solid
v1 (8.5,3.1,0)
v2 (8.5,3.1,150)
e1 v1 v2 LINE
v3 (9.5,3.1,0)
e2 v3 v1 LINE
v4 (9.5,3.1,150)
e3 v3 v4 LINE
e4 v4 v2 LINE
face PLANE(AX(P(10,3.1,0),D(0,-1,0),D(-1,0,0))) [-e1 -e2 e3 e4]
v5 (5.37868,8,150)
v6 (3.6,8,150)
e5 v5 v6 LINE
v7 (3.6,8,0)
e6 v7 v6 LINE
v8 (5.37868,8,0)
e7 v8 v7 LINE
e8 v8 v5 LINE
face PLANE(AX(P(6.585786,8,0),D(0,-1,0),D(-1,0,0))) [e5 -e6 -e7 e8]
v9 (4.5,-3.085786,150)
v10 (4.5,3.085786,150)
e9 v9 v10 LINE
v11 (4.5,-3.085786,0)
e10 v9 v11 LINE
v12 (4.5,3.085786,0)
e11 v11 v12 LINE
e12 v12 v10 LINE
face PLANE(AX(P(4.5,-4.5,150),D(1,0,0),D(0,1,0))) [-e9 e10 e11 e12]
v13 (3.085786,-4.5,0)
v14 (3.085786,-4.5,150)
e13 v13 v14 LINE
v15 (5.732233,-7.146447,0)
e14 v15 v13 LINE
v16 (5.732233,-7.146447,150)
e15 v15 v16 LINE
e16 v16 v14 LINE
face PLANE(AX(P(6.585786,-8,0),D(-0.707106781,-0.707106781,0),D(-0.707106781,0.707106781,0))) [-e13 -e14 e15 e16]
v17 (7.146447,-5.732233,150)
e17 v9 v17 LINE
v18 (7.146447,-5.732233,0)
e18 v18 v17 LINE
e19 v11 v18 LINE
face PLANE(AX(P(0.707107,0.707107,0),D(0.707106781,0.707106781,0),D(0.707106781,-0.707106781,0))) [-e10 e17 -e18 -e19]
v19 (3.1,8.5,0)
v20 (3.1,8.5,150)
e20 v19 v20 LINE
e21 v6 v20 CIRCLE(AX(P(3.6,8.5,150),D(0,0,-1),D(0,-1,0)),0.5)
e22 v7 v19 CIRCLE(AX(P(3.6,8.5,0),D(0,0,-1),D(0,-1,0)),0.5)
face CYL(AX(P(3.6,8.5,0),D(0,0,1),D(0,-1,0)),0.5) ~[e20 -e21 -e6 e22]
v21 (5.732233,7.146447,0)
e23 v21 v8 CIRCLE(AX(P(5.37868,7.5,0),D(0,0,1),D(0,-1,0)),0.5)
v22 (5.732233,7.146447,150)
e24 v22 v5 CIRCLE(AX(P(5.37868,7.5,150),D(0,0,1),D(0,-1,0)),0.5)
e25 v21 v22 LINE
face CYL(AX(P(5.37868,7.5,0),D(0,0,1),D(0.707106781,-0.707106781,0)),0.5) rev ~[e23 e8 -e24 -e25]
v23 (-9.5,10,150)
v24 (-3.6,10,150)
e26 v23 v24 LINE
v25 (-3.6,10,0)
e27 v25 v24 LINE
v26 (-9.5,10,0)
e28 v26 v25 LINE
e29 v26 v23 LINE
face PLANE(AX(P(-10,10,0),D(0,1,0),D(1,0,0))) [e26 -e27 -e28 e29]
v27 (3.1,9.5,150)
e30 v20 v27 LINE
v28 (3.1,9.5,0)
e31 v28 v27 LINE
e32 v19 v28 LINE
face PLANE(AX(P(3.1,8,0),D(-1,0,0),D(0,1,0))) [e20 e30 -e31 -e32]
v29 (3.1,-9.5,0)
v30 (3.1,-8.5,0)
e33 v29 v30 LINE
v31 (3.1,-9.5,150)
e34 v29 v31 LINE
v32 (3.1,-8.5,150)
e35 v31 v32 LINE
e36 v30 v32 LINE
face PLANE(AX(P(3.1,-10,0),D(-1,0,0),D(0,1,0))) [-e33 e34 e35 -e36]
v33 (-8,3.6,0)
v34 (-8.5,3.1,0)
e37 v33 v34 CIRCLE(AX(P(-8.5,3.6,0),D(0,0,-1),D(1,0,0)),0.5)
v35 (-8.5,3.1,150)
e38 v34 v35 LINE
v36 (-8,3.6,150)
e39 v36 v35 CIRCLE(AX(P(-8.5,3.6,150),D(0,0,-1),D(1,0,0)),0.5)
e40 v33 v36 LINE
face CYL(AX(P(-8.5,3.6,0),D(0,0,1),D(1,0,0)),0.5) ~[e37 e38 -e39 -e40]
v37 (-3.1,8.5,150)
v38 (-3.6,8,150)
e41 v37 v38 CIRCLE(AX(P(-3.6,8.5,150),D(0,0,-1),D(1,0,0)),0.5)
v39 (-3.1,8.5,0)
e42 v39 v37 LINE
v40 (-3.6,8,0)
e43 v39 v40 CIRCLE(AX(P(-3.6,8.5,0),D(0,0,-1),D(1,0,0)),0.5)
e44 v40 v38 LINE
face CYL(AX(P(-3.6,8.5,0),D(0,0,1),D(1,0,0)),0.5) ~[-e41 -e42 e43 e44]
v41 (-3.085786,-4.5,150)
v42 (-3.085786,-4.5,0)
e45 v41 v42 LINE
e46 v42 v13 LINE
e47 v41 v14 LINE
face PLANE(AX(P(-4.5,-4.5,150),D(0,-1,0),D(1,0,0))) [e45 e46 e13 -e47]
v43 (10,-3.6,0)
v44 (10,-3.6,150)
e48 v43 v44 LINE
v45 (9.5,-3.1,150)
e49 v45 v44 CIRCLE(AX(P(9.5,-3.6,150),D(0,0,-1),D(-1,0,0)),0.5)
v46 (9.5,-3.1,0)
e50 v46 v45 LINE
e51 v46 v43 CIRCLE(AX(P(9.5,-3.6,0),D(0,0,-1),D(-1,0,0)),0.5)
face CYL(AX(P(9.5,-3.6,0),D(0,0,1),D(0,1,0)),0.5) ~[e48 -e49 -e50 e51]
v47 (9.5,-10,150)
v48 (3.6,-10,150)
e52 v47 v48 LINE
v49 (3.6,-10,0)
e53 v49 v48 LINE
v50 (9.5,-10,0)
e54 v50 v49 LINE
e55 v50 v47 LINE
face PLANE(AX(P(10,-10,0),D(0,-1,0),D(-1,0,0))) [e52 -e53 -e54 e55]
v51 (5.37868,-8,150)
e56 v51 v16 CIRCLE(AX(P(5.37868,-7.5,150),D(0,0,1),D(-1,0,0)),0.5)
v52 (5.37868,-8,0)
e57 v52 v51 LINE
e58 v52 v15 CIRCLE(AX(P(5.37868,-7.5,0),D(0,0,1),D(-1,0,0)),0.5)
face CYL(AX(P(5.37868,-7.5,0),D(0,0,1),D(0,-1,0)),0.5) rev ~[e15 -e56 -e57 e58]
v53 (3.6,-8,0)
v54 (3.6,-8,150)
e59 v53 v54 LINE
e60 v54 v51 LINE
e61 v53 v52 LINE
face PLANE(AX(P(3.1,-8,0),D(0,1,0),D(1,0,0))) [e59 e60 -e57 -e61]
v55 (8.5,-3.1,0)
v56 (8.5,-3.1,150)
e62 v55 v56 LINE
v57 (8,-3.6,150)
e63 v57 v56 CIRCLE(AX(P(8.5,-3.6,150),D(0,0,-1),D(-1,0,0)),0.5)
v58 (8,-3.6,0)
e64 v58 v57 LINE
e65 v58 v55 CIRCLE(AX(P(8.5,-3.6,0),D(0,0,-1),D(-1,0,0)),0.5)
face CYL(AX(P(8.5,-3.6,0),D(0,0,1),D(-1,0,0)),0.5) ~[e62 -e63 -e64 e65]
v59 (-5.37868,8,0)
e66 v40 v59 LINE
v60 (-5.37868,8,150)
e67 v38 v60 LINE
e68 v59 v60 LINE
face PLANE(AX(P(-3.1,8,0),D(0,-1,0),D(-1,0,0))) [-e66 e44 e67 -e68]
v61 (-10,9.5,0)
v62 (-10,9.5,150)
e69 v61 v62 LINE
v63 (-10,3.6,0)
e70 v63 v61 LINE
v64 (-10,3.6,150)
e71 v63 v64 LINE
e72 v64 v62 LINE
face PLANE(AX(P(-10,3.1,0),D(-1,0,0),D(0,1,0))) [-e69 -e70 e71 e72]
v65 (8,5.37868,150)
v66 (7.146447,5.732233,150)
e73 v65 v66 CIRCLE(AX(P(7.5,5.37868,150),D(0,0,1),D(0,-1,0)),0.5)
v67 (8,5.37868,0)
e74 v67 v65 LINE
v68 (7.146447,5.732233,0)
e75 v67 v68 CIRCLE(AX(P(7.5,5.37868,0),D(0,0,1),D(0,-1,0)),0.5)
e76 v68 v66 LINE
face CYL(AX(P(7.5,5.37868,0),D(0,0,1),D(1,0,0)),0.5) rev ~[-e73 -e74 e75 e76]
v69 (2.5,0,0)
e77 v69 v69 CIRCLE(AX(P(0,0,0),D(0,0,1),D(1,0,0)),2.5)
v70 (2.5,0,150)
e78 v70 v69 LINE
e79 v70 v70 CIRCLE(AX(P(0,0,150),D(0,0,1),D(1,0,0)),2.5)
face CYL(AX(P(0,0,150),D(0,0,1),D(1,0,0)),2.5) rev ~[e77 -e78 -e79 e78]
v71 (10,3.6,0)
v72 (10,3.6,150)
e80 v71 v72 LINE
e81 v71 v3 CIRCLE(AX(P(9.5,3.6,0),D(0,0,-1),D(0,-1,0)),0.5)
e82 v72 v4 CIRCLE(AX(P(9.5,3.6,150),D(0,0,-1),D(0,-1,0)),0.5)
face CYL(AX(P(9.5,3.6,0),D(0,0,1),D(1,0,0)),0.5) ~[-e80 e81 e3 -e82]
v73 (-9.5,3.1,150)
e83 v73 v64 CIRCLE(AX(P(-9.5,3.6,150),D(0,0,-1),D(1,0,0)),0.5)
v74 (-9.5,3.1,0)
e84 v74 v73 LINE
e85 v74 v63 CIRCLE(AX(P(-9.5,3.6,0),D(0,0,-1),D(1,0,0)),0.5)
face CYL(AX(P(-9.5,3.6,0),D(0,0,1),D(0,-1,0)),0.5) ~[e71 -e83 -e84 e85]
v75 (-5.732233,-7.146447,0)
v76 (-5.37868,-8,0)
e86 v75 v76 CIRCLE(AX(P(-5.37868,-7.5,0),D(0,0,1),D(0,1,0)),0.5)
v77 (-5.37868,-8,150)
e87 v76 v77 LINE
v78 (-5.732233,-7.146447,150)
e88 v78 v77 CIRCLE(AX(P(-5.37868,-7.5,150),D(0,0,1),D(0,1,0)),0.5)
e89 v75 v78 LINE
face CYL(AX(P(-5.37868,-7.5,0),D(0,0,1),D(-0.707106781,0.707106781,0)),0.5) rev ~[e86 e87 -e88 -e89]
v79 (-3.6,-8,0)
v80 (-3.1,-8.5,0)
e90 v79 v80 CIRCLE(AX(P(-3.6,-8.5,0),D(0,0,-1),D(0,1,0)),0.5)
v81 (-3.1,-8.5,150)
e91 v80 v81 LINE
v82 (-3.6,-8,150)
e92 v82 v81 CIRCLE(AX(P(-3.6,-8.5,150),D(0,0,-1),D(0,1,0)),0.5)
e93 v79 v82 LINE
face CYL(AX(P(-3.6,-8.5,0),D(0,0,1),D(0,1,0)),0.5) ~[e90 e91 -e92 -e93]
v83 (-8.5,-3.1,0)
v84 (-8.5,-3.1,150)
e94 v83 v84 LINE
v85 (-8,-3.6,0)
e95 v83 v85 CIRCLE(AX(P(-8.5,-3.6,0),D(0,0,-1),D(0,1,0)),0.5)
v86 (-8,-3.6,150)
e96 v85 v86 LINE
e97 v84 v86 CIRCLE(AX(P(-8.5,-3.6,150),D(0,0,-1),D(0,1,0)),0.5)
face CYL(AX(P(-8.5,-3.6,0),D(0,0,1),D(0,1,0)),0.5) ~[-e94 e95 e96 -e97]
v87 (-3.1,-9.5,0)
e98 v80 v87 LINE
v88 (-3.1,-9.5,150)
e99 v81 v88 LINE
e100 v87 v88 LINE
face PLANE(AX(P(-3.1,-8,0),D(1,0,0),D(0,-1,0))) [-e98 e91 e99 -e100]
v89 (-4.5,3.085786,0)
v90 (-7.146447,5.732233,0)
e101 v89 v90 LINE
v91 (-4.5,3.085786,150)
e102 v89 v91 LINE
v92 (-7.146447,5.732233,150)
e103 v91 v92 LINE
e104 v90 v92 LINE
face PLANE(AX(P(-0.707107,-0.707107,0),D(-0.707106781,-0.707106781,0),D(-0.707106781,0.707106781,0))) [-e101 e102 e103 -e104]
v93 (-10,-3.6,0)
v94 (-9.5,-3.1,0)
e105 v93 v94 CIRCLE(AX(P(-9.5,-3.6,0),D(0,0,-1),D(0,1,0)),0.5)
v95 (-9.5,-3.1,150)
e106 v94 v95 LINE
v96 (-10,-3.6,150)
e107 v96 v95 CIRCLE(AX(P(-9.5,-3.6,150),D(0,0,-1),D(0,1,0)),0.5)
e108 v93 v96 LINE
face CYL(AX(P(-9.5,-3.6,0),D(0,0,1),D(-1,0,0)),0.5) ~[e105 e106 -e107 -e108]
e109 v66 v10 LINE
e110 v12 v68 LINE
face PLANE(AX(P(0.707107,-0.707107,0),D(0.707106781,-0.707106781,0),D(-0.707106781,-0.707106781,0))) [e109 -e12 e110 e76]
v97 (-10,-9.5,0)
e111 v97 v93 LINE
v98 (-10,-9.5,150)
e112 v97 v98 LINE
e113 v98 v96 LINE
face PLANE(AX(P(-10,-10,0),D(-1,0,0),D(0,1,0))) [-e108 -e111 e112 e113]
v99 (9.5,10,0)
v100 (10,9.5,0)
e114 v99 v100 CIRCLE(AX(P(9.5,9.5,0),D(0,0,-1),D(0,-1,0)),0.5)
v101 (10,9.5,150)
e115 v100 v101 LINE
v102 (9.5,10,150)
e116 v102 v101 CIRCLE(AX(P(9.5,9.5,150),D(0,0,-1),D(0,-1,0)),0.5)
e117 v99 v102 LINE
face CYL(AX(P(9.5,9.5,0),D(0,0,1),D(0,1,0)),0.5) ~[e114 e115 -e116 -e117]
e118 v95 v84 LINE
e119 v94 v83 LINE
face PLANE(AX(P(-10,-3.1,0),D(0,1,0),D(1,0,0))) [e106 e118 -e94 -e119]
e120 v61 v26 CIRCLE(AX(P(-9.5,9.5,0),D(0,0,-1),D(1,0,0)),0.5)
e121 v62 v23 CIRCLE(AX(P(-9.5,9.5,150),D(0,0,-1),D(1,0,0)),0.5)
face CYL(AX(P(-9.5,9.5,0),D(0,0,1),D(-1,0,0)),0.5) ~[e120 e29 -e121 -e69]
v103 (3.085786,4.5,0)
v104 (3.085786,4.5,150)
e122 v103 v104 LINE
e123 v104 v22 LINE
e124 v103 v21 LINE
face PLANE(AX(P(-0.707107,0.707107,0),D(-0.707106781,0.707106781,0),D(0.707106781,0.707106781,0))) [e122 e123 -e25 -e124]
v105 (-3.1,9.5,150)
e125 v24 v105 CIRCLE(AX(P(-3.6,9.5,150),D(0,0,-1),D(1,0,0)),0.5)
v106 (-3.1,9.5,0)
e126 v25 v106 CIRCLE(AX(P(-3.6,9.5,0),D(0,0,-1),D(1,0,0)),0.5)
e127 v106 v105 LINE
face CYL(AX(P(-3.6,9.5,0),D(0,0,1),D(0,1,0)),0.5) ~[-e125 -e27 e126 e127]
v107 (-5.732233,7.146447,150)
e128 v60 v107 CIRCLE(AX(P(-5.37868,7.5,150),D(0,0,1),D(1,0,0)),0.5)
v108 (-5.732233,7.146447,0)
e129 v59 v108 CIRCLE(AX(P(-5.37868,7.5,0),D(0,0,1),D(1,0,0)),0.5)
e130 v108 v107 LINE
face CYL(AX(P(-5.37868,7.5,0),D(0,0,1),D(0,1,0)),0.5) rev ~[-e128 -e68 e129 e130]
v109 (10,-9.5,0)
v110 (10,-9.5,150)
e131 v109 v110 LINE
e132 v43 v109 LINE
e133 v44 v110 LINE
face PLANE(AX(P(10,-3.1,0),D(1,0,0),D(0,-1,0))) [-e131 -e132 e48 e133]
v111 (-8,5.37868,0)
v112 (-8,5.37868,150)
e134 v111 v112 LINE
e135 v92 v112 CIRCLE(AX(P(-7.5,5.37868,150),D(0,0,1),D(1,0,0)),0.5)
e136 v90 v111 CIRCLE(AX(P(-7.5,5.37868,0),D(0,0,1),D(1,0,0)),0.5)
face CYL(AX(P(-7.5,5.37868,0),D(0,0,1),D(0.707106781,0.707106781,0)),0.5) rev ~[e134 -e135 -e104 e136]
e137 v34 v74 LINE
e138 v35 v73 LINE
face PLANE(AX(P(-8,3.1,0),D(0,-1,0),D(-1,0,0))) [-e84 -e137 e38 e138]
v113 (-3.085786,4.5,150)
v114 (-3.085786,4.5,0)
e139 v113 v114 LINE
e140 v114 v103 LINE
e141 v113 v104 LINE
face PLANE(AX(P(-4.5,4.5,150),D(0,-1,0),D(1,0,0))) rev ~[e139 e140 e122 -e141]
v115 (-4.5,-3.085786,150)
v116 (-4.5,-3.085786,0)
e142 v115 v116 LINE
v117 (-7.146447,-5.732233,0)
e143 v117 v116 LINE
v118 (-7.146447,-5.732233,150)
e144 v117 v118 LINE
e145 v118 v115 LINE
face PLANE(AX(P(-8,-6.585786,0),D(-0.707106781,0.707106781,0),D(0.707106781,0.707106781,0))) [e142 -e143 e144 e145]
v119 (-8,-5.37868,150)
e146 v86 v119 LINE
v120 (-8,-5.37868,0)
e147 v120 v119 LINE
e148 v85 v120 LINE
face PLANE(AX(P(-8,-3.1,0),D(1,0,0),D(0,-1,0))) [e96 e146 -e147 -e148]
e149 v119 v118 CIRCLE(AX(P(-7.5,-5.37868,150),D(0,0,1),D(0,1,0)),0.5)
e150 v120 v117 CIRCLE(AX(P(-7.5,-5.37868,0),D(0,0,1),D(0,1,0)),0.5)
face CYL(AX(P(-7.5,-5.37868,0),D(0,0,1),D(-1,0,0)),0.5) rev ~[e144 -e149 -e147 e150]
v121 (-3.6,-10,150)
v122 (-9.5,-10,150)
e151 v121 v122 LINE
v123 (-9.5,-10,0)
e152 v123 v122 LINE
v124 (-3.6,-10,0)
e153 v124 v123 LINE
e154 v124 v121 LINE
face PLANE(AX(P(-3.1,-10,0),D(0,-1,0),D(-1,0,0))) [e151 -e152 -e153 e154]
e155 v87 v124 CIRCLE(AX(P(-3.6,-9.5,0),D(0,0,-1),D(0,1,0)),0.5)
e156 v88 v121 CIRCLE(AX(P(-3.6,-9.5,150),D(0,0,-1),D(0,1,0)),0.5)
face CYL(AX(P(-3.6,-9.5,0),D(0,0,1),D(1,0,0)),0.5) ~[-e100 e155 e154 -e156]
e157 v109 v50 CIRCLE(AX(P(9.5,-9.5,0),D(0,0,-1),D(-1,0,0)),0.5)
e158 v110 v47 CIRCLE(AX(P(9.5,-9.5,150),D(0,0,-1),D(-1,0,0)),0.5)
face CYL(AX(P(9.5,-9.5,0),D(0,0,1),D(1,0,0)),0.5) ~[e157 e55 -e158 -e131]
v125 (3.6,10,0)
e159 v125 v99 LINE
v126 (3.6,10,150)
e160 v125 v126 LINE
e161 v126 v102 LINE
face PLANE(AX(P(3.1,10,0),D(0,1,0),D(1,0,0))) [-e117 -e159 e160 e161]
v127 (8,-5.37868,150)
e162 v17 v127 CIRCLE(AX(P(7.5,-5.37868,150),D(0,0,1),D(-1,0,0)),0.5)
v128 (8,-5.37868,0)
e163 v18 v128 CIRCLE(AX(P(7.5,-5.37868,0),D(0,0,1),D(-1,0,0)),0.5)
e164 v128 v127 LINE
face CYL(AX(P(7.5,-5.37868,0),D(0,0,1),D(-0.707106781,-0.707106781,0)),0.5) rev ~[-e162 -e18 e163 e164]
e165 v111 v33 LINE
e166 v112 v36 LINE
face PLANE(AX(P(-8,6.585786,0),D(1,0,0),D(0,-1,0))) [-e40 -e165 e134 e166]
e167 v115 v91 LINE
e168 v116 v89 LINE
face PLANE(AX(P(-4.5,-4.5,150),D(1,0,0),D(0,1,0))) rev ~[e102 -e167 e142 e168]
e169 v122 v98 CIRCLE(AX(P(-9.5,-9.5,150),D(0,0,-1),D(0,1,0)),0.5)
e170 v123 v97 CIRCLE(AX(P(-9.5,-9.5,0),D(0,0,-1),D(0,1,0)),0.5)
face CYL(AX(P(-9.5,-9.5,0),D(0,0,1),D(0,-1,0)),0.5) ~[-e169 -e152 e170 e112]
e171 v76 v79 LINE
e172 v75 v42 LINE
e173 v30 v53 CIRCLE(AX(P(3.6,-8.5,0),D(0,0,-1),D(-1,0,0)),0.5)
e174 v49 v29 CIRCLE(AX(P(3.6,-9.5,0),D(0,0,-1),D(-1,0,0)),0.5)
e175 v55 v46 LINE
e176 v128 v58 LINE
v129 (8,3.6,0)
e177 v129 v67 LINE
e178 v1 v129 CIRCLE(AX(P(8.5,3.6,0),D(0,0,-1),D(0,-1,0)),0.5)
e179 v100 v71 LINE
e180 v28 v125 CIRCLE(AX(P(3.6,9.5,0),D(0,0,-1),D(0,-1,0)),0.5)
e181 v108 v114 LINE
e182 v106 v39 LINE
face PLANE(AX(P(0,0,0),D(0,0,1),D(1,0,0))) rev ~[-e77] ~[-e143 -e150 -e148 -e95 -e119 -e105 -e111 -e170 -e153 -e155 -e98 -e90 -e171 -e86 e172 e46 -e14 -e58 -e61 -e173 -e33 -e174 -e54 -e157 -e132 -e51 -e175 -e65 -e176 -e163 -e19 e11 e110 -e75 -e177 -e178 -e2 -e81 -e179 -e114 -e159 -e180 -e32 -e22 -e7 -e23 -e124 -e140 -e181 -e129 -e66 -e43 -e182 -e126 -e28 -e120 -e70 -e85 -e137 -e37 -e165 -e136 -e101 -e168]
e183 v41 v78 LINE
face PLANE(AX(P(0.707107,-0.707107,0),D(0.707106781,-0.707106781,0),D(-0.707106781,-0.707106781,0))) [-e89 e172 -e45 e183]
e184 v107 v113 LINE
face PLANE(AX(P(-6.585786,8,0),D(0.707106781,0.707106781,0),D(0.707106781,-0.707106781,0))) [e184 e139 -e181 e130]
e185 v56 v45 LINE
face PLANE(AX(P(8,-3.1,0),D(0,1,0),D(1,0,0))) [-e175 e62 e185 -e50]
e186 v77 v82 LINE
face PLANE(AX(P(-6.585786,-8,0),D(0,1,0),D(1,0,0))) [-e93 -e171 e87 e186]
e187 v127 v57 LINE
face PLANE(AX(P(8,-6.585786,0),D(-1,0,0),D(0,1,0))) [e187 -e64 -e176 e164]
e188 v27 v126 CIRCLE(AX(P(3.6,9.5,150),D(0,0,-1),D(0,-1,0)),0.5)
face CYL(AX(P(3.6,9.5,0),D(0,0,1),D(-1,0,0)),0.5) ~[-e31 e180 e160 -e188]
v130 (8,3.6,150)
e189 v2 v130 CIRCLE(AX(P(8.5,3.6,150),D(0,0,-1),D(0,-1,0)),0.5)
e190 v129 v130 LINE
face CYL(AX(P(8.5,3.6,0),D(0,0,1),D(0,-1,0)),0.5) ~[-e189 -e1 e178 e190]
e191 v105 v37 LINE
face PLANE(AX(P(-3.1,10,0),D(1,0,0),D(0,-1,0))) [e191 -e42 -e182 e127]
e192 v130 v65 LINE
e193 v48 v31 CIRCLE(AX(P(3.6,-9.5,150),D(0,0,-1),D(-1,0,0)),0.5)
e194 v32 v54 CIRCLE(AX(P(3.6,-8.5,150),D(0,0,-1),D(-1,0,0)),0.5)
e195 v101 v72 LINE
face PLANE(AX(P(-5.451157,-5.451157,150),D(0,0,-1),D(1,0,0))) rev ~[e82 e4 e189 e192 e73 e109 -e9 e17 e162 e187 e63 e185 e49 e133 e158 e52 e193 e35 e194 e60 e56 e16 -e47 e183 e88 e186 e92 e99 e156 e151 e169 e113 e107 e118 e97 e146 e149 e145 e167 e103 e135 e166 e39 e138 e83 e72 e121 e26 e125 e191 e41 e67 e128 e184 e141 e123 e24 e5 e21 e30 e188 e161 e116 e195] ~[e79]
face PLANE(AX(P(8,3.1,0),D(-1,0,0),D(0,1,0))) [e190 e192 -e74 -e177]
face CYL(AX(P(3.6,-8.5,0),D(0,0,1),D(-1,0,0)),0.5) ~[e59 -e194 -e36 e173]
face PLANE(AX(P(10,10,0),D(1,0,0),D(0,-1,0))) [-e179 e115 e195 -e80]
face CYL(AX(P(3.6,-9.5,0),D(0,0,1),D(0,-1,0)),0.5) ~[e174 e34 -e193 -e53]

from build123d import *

# Parameters (mm, degrees)
AUFSATZ_LINEAR_AUSTRAGEN1_DEPTH = 150
VERRUNDUNG1_R                   = 0.5
KREISMUSTER1_COUNT              = 4
SKIZZE3_W                       = 9
SKIZZE3_H                       = 9
AUFSATZ_LINEAR_AUSTRAGEN2_DEPTH = 150
SKIZZE4_R                       = 2.5
SCHNITT_LINEAR_AUSTRAGEN1_DEPTH = 151


with BuildPart() as part:
    # Skizze1 → Aufsatz-Linear austragen1 (new body)
    with BuildSketch(Plane.XY):
        Polygon((-0.707106781, 0.707106781), (6.585786438, 8), (3.1, 8), (3.1, 10), (10, 10), (10, 3.1), (8, 3.1), (8, 6.585786438), (0.707106781, -0.707106781), align=None)
    extrude(amount=AUFSATZ_LINEAR_AUSTRAGEN1_DEPTH)

    # Verrundung1
    verrundung1_edges = [part.edges().sort_by_distance(p)[0] for p in [
        (10, 3.1, 75),
        (8, 3.1, 75),
        (8, 6.585786438, 75),
        (6.585786438, 8, 75),
        (3.1, 8, 75),
        (3.1, 10, 75),
        (10, 10, 75),
    ]]
    fillet(verrundung1_edges, radius=VERRUNDUNG1_R)

    # Kreismuster1: part ×4 about axis
    kreismuster1_axis = Axis((0, 0, 0), (0, 0, 1))


with BuildPart() as part_1:
    add(part.part)
    for i in range(1, KREISMUSTER1_COUNT):
        add(part.part.rotate(kreismuster1_axis, i * 360 / KREISMUSTER1_COUNT))

    # Skizze3 → Aufsatz-Linear austragen2 (add)
    with BuildSketch(Plane.XY.offset(150)):
        Rectangle(SKIZZE3_W, SKIZZE3_H)
    extrude(amount=-AUFSATZ_LINEAR_AUSTRAGEN2_DEPTH)

    # Skizze4 → Schnitt-Linear austragen1 (cut, through all)
    with BuildSketch(Plane.XY.offset(150)):
        Circle(SKIZZE4_R)
    extrude(amount=-SCHNITT_LINEAR_AUSTRAGEN1_DEPTH, mode=Mode.SUBTRACT)


solid = part_1.part
